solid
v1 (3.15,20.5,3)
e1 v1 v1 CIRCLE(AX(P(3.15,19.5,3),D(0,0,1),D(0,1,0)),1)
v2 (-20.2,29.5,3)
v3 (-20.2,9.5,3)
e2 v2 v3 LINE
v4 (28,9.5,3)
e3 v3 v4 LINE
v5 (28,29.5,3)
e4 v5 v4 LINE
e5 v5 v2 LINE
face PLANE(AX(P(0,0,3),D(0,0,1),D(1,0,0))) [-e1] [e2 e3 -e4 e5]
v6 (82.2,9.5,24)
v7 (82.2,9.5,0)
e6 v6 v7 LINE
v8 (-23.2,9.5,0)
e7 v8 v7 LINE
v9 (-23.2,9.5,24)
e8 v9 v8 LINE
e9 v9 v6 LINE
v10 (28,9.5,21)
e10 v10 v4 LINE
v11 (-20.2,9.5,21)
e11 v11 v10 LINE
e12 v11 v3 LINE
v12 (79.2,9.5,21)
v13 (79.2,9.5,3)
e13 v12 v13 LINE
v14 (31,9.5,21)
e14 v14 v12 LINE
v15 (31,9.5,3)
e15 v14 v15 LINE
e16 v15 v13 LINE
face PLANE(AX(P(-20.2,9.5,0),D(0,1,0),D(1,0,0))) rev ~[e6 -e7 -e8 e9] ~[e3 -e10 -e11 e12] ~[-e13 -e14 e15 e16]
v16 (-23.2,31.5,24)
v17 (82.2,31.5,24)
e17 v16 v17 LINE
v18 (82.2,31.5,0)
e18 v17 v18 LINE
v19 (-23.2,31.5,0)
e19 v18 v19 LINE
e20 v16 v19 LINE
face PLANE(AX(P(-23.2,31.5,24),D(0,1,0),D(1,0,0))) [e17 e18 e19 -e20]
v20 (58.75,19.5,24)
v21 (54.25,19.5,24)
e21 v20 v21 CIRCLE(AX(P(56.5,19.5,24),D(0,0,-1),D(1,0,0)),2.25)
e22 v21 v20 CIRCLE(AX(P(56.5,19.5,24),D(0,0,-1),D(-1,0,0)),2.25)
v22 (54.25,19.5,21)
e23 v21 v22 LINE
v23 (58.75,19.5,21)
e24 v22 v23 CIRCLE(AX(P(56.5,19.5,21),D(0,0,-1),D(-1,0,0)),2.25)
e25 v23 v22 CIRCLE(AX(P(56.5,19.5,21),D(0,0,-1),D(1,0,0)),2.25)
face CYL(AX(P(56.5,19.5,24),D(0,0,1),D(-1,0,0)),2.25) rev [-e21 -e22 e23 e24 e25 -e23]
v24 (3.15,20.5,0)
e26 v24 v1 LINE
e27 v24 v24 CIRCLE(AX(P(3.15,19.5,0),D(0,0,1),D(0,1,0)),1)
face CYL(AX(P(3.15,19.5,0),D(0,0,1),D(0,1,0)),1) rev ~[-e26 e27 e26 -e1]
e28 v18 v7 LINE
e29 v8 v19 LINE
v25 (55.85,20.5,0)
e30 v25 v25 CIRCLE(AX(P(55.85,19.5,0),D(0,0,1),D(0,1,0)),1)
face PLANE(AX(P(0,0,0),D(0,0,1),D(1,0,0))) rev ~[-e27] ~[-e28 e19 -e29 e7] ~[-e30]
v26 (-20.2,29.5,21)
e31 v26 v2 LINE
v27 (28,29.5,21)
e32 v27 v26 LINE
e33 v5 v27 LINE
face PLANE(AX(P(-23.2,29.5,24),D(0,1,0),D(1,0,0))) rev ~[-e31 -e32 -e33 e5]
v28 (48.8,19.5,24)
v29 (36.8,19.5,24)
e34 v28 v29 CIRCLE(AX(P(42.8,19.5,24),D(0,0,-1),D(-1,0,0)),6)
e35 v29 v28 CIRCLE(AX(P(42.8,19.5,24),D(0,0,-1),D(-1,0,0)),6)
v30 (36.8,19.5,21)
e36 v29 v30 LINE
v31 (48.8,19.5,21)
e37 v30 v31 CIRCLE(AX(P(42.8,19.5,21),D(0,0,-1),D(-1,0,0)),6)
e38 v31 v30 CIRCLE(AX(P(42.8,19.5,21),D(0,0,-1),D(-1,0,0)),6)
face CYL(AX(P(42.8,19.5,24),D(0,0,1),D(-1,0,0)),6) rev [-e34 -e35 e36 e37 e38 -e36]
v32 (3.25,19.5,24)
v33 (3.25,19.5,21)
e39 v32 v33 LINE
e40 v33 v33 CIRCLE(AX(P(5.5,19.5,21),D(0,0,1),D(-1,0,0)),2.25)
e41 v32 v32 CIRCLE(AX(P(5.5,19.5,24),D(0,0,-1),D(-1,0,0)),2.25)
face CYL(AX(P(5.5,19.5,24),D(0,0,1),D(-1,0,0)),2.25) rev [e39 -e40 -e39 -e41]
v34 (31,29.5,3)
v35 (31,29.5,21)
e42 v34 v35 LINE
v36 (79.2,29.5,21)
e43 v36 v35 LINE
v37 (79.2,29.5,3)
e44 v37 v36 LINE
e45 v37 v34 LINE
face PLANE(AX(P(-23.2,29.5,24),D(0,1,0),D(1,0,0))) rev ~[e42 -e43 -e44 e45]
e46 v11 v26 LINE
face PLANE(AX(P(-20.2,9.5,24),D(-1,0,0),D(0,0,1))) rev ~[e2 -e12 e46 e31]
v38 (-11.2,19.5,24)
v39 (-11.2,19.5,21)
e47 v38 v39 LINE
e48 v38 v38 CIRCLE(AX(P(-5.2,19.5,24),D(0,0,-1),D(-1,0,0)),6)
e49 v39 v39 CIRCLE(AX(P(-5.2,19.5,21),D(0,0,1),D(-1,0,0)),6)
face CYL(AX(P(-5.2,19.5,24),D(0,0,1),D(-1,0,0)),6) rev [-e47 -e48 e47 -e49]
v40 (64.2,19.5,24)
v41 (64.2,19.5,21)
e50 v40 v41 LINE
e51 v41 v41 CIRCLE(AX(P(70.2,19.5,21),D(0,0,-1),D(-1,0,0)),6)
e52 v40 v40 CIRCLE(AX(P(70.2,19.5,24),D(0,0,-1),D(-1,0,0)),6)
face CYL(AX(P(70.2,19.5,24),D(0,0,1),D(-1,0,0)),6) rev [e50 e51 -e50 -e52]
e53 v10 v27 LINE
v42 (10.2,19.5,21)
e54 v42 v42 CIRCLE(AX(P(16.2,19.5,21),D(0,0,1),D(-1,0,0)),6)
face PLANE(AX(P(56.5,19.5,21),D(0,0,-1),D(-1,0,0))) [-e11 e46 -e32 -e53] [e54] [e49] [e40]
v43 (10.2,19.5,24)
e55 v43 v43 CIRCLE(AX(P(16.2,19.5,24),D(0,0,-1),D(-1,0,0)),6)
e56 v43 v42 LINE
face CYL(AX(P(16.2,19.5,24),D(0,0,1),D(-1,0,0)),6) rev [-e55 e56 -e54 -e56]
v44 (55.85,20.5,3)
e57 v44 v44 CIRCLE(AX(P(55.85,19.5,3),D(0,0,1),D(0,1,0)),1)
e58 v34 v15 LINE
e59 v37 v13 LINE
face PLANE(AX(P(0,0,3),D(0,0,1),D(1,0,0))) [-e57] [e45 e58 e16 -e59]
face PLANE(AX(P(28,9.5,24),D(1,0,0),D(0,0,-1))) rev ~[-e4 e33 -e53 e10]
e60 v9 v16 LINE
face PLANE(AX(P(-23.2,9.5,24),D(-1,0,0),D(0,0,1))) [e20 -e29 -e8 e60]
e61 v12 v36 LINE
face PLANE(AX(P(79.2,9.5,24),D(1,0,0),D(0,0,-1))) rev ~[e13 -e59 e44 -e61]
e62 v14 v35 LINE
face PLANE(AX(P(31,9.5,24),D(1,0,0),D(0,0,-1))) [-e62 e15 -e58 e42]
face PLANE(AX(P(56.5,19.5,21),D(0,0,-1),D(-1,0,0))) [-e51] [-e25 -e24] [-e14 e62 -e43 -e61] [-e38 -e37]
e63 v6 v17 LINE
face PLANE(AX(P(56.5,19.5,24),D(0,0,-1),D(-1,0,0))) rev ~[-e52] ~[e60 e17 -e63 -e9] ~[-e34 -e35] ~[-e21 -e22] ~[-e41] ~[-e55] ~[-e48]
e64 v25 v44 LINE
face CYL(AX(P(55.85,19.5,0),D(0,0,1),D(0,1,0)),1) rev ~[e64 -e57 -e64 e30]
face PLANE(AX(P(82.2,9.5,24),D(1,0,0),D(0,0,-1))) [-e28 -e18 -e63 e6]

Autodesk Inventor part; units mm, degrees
ref_plane "YZ Plane" through (0, 0, 0) normal (1, 0, 0) x (0, 1, 0)
ref_plane "XZ Plane" through (0, 0, 0) normal (0, 1, 0) x (-1, 0, 0)
ref_plane "XY Plane" through (0, 0, 0) normal (0, 0, 1) x (1, 0, 0)
ref_plane "Work Plane2" through (56.5, 19.5, 24) normal (0, 0, -1) x (-1, 0, 0)
sketch "Sketch2" plane through (56.5, 19.5, 24) normal (0, 0, -1) x (-1, 0, 0)
  circle A0 centre (-13.7, 0) radius 2.5 projected
  circle A1 centre (13.7, 0) radius 2.5 projected
  line L0 (25.7, -17.7) -> (25.7, 17.7) projected
  line L1 (25.7, 17.7) -> (-25.7, 17.7) projected
  line L2 (-25.7, 17.7) -> (-25.7, -17.7) projected
  line L3 (-25.7, -17.7) -> (25.7, -17.7) projected
  arc A2 (79.7, 4.408) -> (68.0785, -17.7) centre (105, -23) ccw projected
  line L4 (79.7, 4.408) -> (79.7, 17.7) projected
  line L5 (79.7, 17.7) -> (28.3, 17.7) projected
  line L6 (28.3, 17.7) -> (28.3, -17.7) projected
  line L7 (28.3, -17.7) -> (68.0785, -17.7) projected
  line L8 (-25.7, -10) -> (79.7, -10)
  line L9 (79.7, -10) -> (79.7, 10)
  line L10 (79.7, 10) -> (-25.7, 10)
  line L11 (-25.7, 10) -> (-25.7, -10)
  circle A3 centre (-13.7, 0) radius 6
  circle A4 centre (13.7, 0) radius 6
  circle A5 centre (40.3, 0) radius 6
  circle A6 centre (61.7, 0) radius 6
  line L12 (-13.7, 0) -> (13.7, 0)
  line L13 (40.3, 0) -> (61.7, 0)
  circle A7 centre (0, 0) radius 2.25
  circle A8 centre (51, 0) radius 2.25
  line L14 (4.5099, -3.2615) -> (2.8081, -0.5216) projected
  line L15 (2.8081, -0.5216) -> (1.1404, -3.2615) projected
  line L16 (1.1404, -3.2615) -> (0.074, -3.2615) projected
  line L17 (0.074, -3.2615) -> (2.2352, 0.2328) projected
  line L18 (2.2352, 0.2328) -> (0.0059, 3.7385) projected
  line L19 (0.0059, 3.7385) -> (1.0099, 3.7385) projected
  line L20 (1.0099, 3.7385) -> (2.7458, 0.9476) projected
  line L21 (2.7458, 0.9476) -> (4.4475, 3.7385) projected
  line L22 (4.4475, 3.7385) -> (5.514, 3.7385) projected
  line L23 (5.514, 3.7385) -> (3.3244, 0.1875) projected
  line L24 (3.3244, 0.1875) -> (5.514, -3.2615) projected
  line L25 (5.514, -3.2615) -> (4.5099, -3.2615) projected
  line L26 (-2.3823, -2.4333) -> (-0.0338, -2.4333) projected
  line L27 (-0.0338, -2.4333) -> (-0.0338, -3.2615) projected
  line L28 (-0.0338, -3.2615) -> (-5.6611, -3.2615) projected
  line L29 (-5.6611, -3.2615) -> (-5.6611, -2.4333) projected
  line L30 (-5.6611, -2.4333) -> (-3.3126, -2.4333) projected
  line L31 (-3.3126, -2.4333) -> (-3.3126, 3.7385) projected
  line L32 (-3.3126, 3.7385) -> (-2.3823, 3.7385) projected
  line L33 (-2.3823, 3.7385) -> (-2.3823, -2.4333) projected
  arc A9 (42.6087, -0.959) -> (42.3892, -1.3731) centre (40.3, 0) ccw projected
  arc A10 (59.4794, -1.1484) -> (60.4698, 2.1764) centre (61.7, 0) ccw projected
  line L34 (57.8929, -1.3844) -> (57.5298, -1.3844) projected
  spline S0 degree 3 poles (57.5298, -1.3844) (57.5237, -1.3081) (57.5086, -1.2288) (57.4558, -1.1142) (57.4282, -1.0735) (57.3717, -1.0212) (57.3384, -0.995) (57.2167, -0.9422) (57.1455, -0.9254) (56.9893, -0.9013) (56.8956, -0.8966) (56.8066, -0.8966) knots 0 0 0 0 0.022986 0.022986 0.03781 0.03781 0.046043 0.046043 0.054997 0.054997 0.066568 0.066568 0.066568 0.066568 projected
  line L35 (56.8066, -0.8966) -> (56.8066, -0.5761) projected
  line L36 (56.8066, -0.5761) -> (57.4419, -0.5761) projected
  line L37 (57.4419, -0.5761) -> (57.4419, 1.7695) projected
  line L38 (57.4419, 1.7695) -> (56.8066, 1.7695) projected
  line L39 (56.8066, 1.7695) -> (56.8066, 2.1269) projected
  line L40 (56.8066, 2.1269) -> (58.514, 2.1269) projected
  line L41 (58.514, 2.1269) -> (58.514, 1.7695) projected
  line L42 (58.514, 1.7695) -> (57.8929, 1.7695) projected
  line L43 (57.8929, 1.7695) -> (57.8929, -1.3844) projected
  spline S1 degree 3 poles (45.7308, 1.7809) (45.6428, 1.7809) (45.5609, 1.7718) (45.4737, 1.739) (45.4331, 1.721) (45.3624, 1.6543) (45.3386, 1.6213) (45.3196, 1.5852) knots 0 0 0 0 0.026399 0.026399 0.03577 0.03577 0.042559 0.042559 0.042559 0.042559 projected
  spline S2 degree 3 poles (45.3196, 1.5852) (45.285, 1.5198) (45.2647, 1.448) (45.2437, 1.3061) (45.2345, 1.1849) (45.2345, 0.9981) knots 0 0 0 0 0.022182 0.022182 0.043047 0.043047 0.043047 0.043047 projected
  line L44 (45.2345, 0.9981) -> (45.2345, -0.4995) projected
  line L45 (45.2345, -0.4995) -> (44.792, -0.4995) projected
  line L46 (44.792, -0.4995) -> (44.792, 1.2051) projected
  spline S3 degree 3 poles (44.792, 1.2051) (44.792, 1.3545) (44.8067, 1.5155) (44.8672, 1.6957) (44.8911, 1.7601) (44.958, 1.877) (44.9913, 1.9233) (45.0302, 1.9652) knots 0 0 0 0 0.044826 0.044826 0.056895 0.056895 0.065812 0.065812 0.065812 0.065812 projected
  spline S4 degree 3 poles (45.0302, 1.9652) (45.0905, 2.0317) (45.1609, 2.0847) (45.3085, 2.1538) (45.3745, 2.1714) (45.4853, 2.1945) (45.5496, 2.2006) (45.6145, 2.2006) knots 0 0 0 0 0.026924 0.026924 0.04891 0.04891 0.078499 0.078499 0.078499 0.078499 projected
  spline S5 degree 3 poles (45.6145, 2.2006) (45.7367, 2.2006) (45.856, 2.1806) (46.1082, 2.0762) (46.2634, 1.9672) (46.4115, 1.8376) knots 0 0 0 0 0.03664 0.03664 0.081871 0.081871 0.081871 0.081871 projected
  line L47 (46.4115, 1.8376) -> (46.4115, 2.1269) projected
  line L48 (46.4115, 2.1269) -> (46.854, 2.1269) projected
  line L49 (46.854, 2.1269) -> (46.854, -0.4995) projected
  line L50 (46.854, -0.4995) -> (46.4115, -0.4995) projected
  line L51 (46.4115, -0.4995) -> (46.4115, 1.4632) projected
  spline S6 degree 3 poles (46.4115, 1.4632) (46.309, 1.5525) (46.1968, 1.6275) (46.0461, 1.7035) (45.9801, 1.7358) (45.8432, 1.7724) (45.7873, 1.7809) (45.7308, 1.7809) knots 0 0 0 0 0.040789 0.040789 0.050641 0.050641 0.057178 0.057178 0.057178 0.057178 projected
  spline S7 degree 3 poles (51.8516, 1.6844) (51.7705, 1.7209) (51.6843, 1.748) (51.5493, 1.7794) (51.4479, 1.8007) (51.3127, 1.8007) knots 0 0 0 0 0.026676 0.026676 0.041585 0.041585 0.041585 0.041585 projected
  spline S8 degree 3 poles (51.3127, 1.8007) (51.1845, 1.8007) (51.0556, 1.7828) (50.8451, 1.6988) (50.7638, 1.6466) (50.6381, 1.5232) (50.5772, 1.4464) (50.4997, 1.2649) (50.4792, 1.1913) (50.4509, 1.032) (50.4448, 0.945) (50.4448, 0.8591) knots 0 0 0 0 0.038454 0.038454 0.067967 0.067967 0.091284 0.091284 0.105855 0.105855 0.12236 0.12236 0.12236 0.12236 projected
  line L52 (50.4448, 0.8591) -> (52.2628, 0.8591) projected
  line L53 (52.2628, 0.8591) -> (52.2628, 0.618) projected
  spline S9 degree 3 poles (52.2628, 0.618) (52.2628, 0.4424) (52.2453, 0.2525) (52.1718, 0.0405) (52.143, -0.0344) (52.0602, -0.1744) (52.0187, -0.2302) (51.9707, -0.2811) knots 0 0 0 0 0.052672 0.052672 0.067134 0.067134 0.078057 0.078057 0.078057 0.078057 projected
  spline S10 degree 3 poles (51.9707, -0.2811) (51.893, -0.3652) (51.8025, -0.4318) (51.617, -0.5165) (51.5377, -0.5373) (51.3865, -0.5664) (51.2983, -0.5733) (51.2106, -0.5733) knots 0 0 0 0 0.034343 0.034343 0.061185 0.061185 0.096748 0.096748 0.096748 0.096748 projected
  spline S11 degree 3 poles (51.2106, -0.5733) (51.0481, -0.5733) (50.8885, -0.5476) (50.6078, -0.4322) (50.4929, -0.3547) (50.3003, -0.1657) (50.202, -0.0414) (50.0813, 0.2355) (50.0497, 0.3439) (50.0062, 0.5775) (49.9966, 0.7031) (49.9966, 0.8279) knots 0 0 0 0 0.048724 0.048724 0.091034 0.091034 0.12966 0.12966 0.152677 0.152677 0.178144 0.178144 0.178144 0.178144 projected
  spline S12 degree 3 poles (49.9966, 0.8279) (49.9966, 1.0393) (50.0239, 1.2553) (50.1545, 1.5922) (50.2316, 1.7178) (50.4061, 1.8994) (50.5129, 1.991) (50.7696, 2.1065) (50.8695, 2.1363) (51.0857, 2.1775) (51.2024, 2.1865) (51.3183, 2.1865) knots 0 0 0 0 0.063413 0.063413 0.108296 0.108296 0.138905 0.138905 0.156893 0.156893 0.176912 0.176912 0.176912 0.176912 projected
  spline S13 degree 3 poles (51.3183, 2.1865) (51.4021, 2.1865) (51.4991, 2.1826) (51.6606, 2.1542) (51.7381, 2.1348) (51.8147, 2.1127) knots 0 0 0 0 0.025143 0.025143 0.04891 0.04891 0.04891 0.04891 projected
  spline S14 degree 3 poles (51.8147, 2.1127) (51.8833, 2.0934) (51.9554, 2.0677) (52.0547, 2.0289) (52.1398, 1.9957) (52.2146, 1.9652) knots 0 0 0 0 0.021391 0.021391 0.032028 0.032028 0.032028 0.032028 projected
  line L54 (52.2146, 1.9652) -> (52.2146, 1.4831) projected
  line L55 (52.2146, 1.4831) -> (52.1891, 1.4831) projected
  spline S15 degree 3 poles (52.1891, 1.4831) (52.1478, 1.5178) (52.099, 1.5503) (52.0076, 1.6054) (51.9453, 1.6398) (51.8516, 1.6844) knots 0 0 0 0 0.016171 0.016171 0.032088 0.032088 0.032088 0.032088 projected
  line L56 (55.102, 0.479) -> (54.4666, -0.4995) projected
  line L57 (54.4666, -0.4995) -> (53.9249, -0.4995) projected
  line L58 (53.9249, -0.4995) -> (54.8268, 0.825) projected
  line L59 (54.8268, 0.825) -> (53.9164, 2.1269) projected
  line L60 (53.9164, 2.1269) -> (54.4184, 2.1269) projected
  line L61 (54.4184, 2.1269) -> (55.0736, 1.1399) projected
  line L62 (55.0736, 1.1399) -> (55.7118, 2.1269) projected
  line L63 (55.7118, 2.1269) -> (56.2535, 2.1269) projected
  line L64 (56.2535, 2.1269) -> (55.3487, 0.7967) projected
  line L65 (55.3487, 0.7967) -> (56.2535, -0.4995) projected
  line L66 (56.2535, -0.4995) -> (55.7515, -0.4995) projected
  line L67 (55.7515, -0.4995) -> (55.102, 0.479) projected
  line L68 (47.9375, -0.4995) -> (47.495, -0.4995) projected
  line L69 (47.495, -0.4995) -> (47.495, 2.1269) projected
  line L70 (47.495, 2.1269) -> (47.9375, 2.1269) projected
  line L71 (47.9375, 2.1269) -> (47.9375, 0.1642) projected
  spline S16 degree 3 poles (47.9375, 0.1642) (48.0425, 0.0752) (48.1563, -0.0036) (48.3085, -0.0803) (48.3714, -0.1108) (48.5059, -0.1457) (48.5616, -0.1535) (48.6182, -0.1535) knots 0 0 0 0 0.041291 0.041291 0.051107 0.051107 0.057838 0.057838 0.057838 0.057838 projected
  spline S17 degree 3 poles (48.6182, -0.1535) (48.7, -0.1535) (48.7817, -0.1446) (48.8974, -0.0998) (48.93, -0.076) (48.9847, -0.0271) (49.0096, 0.0057) (49.0294, 0.0422) knots 0 0 0 0 0.024559 0.024559 0.041876 0.041876 0.064511 0.064511 0.064511 0.064511 projected
  spline S18 degree 3 poles (49.0294, 0.0422) (49.0561, 0.0912) (49.073, 0.1478) (49.1133, 0.3489) (49.1145, 0.5537) (49.1145, 0.6293) knots 0 0 0 0 0.016734 0.016734 0.061642 0.061642 0.061642 0.061642 projected
  line L72 (49.1145, 0.6293) -> (49.1145, 2.1269) projected
  line L73 (49.1145, 2.1269) -> (49.557, 2.1269) projected
  line L74 (49.557, 2.1269) -> (49.557, 0.4223) projected
  spline S19 degree 3 poles (49.557, 0.4223) (49.557, 0.2581) (49.5382, 0.0862) (49.4352, -0.1948) (49.3743, -0.2801) (49.2563, -0.408) (49.1824, -0.4621) (49.0432, -0.5259) (48.9864, -0.5435) (48.8642, -0.5679) (48.7993, -0.5733) (48.7345, -0.5733) knots 0 0 0 0 0.049248 0.049248 0.089656 0.089656 0.136427 0.136427 0.166338 0.166338 0.198819 0.198819 0.198819 0.198819 projected
  spline S20 degree 3 poles (48.7345, -0.5733) (48.6109, -0.5733) (48.4919, -0.5502) (48.2777, -0.4606) (48.1258, -0.3769) (47.9375, -0.2074) knots 0 0 0 0 0.037074 0.037074 0.069655 0.069655 0.069655 0.069655 projected
  line L75 (47.9375, -0.2074) -> (47.9375, -0.4995) projected
  line L76 (42.6087, -0.959) -> (42.852, -0.959) projected
  line L77 (42.852, -0.959) -> (42.852, 2.1269) projected
  line L78 (42.852, 2.1269) -> (43.3171, 2.1269) projected
  line L79 (43.3171, 2.1269) -> (43.3171, -0.959) projected
  line L80 (43.3171, -0.959) -> (44.4913, -0.959) projected
  line L81 (44.4913, -0.959) -> (44.4913, -1.3731) projected
  line L82 (44.4913, -1.3731) -> (42.3892, -1.3731) projected
  spline S21 degree 3 poles (59.4794, -1.1484) (59.3969, -1.0576) (59.3421, -0.9609) (59.2272, -0.7174) (59.1797, -0.5284) (59.1114, -0.1119) (59.0983, 0.1408) (59.0983, 0.3797) knots 0.082757 0.082757 0.082757 0.082757 0.120643 0.120643 0.201299 0.201299 0.306837 0.306837 0.306837 0.306837 projected
  spline S22 degree 3 poles (59.0983, 0.3797) (59.0983, 0.7645) (59.1335, 1.1554) (59.3174, 1.6919) (59.4043, 1.8129) (59.536, 1.9692) (59.6237, 2.0404) (59.7982, 2.1301) (59.8747, 2.1564) (60.0407, 2.1927) (60.1298, 2.2006) (60.2187, 2.2006) knots 0 0 0 0 0.115433 0.115433 0.194252 0.194252 0.295797 0.295797 0.367401 0.367401 0.445791 0.445791 0.445791 0.445791 projected
  spline S23 degree 3 poles (60.2187, 2.2006) (60.3032, 2.2006) (60.3875, 2.1934) (60.4698, 2.1764) knots 0 0 0 0 0.02535 0.02535 0.02535 0.02535 projected
  point P0 (56.5, -19.5)
  dimension "d0" = 20
  dimension "d1" = 10
  dimension "d2" = 12
  dimension "d3" = 12
  dimension "d4" = 12
  dimension "d5" = 12
  dimension "d6" = 4.5
  dimension "d7" = 4.5
extrude "Extrusion1" add sketch "Sketch2" along normal blind 3 contours L31 L32 L33 L12 | L12 L33 L26 L27 L28 L29 L30 L31 | L18 L19 L20 L21 L22 L23 L24 L12 A7 | A7 L12 L24 L25 L14 L15 L16 L17 | L8 L2 L10 L0 | L0 L10 L6 L8 | L6 L10 L4 A2 L8 | A2 L9 L8 | L58 L59 L60 L61 L62 L63 A6 L64 L65 L13 L67 L56 | L13 L56 L57 L58 | L69 L70 L71 S16 L13 | L13 S16 S17 A8 S19 S20 L75 L68 L69 | A5 S6 L51 L13 | A5 S5 L47 L48 L49 L13 L51 S6 | L13 L49 L50 L51 | L13 A8 S17 S16 | L72 L73 L74 A8 | S13 S14 L54 A8 | L56 L67 L13 | L13 A6 L67 | L65 L64 A6
sketch "Sketch3" plane through (-23.2, 9.5, 24) normal (-1, 0, 0) x (0, 0, 1)
  line L0 (-3, 0) -> (-3, 20) projected
  line L1 (-24, 27.5) -> (-24, -46.5) projected
  line L2 (-3, 20) -> (-24, 20)
  line L3 (-3, 0) -> (-24, 0)
  point P0 (-24, -9.5)
extrude "Extrusion2" add sketch "Sketch3" against normal blind 3
sketch "Sketch4" plane through (82.2, 9.5, 24) normal (1, 0, 0) x (0, 0, -1)
  line L0 (3, 0) -> (3, 20) projected
  line L1 (3, 0) -> (24, 0) projected
  line L2 (24, 0) -> (24, 20) projected
  line L3 (24, 20) -> (3, 20) projected
  point P0 (24, -9.5)
extrude "Extrusion3" add sketch "Sketch4" against normal blind 3
ref_plane "Work Plane3" through (29.5, 9.5, 24) normal (1, 0, 0) x (0, 0, -1)
sketch "Sketch5" plane through (29.5, 9.5, 24) normal (1, 0, 0) x (0, 0, -1)
  line L0 (3, 0) -> (3, 20) projected
  line L1 (3, 0) -> (24, 0) projected
  line L2 (24, 0) -> (24, 20) projected
  line L3 (24, 20) -> (3, 20) projected
  point P0 (24, -9.5)
extrude "Extrusion4" add sketch "Sketch5" along normal mid plane 3
ref_plane "Work Plane4" through (0, 0, 0) normal (0, 0, 1) x (1, 0, 0)
sketch "Sketch6" plane through (0, 0, 0) normal (0, 0, 1) x (1, 0, 0)
  line L0 (79.2, 29.5) -> (79.2, 9.5) projected
  line L1 (79.2, 29.5) -> (-20.2, 29.5)
  line L2 (-20.2, 29.5) -> (-20.2, 9.5)
  line L3 (-20.2, 9.5) -> (79.2, 9.5)
  line L4 (79.2, 9.5) -> (79.2, 29.5)
  point P0 (0, 0)
extrude "Extrusion5" add sketch "Sketch6" along normal blind 3
sketch "Sketch7" plane through (82.2, 9.5, 0) normal (0, 0, -1) x (-1, 0, 0)
  circle A0 centre (87.4, 10) radius 6 projected
  circle A1 centre (66, 10) radius 6 projected
  circle A2 centre (76.7, 10) radius 2.25 projected
  circle A3 centre (39.4, 10) radius 6 projected
  circle A4 centre (12, 10) radius 6 projected
  circle A5 centre (25.7, 10) radius 2.25 projected
  line L0 (0, 0) -> (105.4, 0) projected
  line L1 (0, 20) -> (0, 0) projected
  line L2 (105.4, 20) -> (0, 20) projected
  line L3 (105.4, 0) -> (105.4, 20) projected
  line L4 (0, 0) -> (0, 20) projected
  line L5 (0, 20) -> (52.7, 0) construction
  line L6 (0, 0) -> (105.4, 0) projected
  line L7 (52.7, 0) -> (105.4, 20) construction
  line L8 (105.4, 20) -> (105.4, 0) projected
  line L9 (52.7, 20) -> (105.4, 0) construction
  line L10 (0, 0) -> (52.7, 20) construction
  point P0 (82.2, -9.5)
  point P1 (26.35, 10)
  point P2 (79.05, 10)
hole "Hole1" at (55.85, 19.5, 0) at (3.15, 19.5, 0) direction (0, 0, 1) diameter 2 depth 8 tip angle 118
sketch "Sketch8" plane through (-23.2, 29.5, 24) normal (0, 1, 0) x (1, 0, 0)
  line L0 (102.4, 3) -> (102.4, 21) projected
  line L1 (54.2, 3) -> (102.4, 3) projected
  line L2 (54.2, 21) -> (54.2, 3) projected
  line L3 (102.4, 21) -> (54.2, 21) projected
  line L4 (105.4, 24) -> (0, 24) projected
  line L5 (0, 0) -> (0, 24) projected
  line L6 (0, 0) -> (105.4, 0) projected
  line L7 (105.4, 0) -> (105.4, 24) projected
  line L8 (51.2, 21) -> (3, 21) projected
  line L9 (51.2, 3) -> (51.2, 21) projected
  line L10 (3, 3) -> (51.2, 3) projected
  line L11 (3, 21) -> (3, 3) projected
  point P0 (23.2, 24)
extrude "Extrusion6" add sketch "Sketch8" along normal blind 2 contours L1 L2 L3 L0 | L7 L6 L5 L4 | L9 L10 L11 L8
properties part number "buttonHolder"
